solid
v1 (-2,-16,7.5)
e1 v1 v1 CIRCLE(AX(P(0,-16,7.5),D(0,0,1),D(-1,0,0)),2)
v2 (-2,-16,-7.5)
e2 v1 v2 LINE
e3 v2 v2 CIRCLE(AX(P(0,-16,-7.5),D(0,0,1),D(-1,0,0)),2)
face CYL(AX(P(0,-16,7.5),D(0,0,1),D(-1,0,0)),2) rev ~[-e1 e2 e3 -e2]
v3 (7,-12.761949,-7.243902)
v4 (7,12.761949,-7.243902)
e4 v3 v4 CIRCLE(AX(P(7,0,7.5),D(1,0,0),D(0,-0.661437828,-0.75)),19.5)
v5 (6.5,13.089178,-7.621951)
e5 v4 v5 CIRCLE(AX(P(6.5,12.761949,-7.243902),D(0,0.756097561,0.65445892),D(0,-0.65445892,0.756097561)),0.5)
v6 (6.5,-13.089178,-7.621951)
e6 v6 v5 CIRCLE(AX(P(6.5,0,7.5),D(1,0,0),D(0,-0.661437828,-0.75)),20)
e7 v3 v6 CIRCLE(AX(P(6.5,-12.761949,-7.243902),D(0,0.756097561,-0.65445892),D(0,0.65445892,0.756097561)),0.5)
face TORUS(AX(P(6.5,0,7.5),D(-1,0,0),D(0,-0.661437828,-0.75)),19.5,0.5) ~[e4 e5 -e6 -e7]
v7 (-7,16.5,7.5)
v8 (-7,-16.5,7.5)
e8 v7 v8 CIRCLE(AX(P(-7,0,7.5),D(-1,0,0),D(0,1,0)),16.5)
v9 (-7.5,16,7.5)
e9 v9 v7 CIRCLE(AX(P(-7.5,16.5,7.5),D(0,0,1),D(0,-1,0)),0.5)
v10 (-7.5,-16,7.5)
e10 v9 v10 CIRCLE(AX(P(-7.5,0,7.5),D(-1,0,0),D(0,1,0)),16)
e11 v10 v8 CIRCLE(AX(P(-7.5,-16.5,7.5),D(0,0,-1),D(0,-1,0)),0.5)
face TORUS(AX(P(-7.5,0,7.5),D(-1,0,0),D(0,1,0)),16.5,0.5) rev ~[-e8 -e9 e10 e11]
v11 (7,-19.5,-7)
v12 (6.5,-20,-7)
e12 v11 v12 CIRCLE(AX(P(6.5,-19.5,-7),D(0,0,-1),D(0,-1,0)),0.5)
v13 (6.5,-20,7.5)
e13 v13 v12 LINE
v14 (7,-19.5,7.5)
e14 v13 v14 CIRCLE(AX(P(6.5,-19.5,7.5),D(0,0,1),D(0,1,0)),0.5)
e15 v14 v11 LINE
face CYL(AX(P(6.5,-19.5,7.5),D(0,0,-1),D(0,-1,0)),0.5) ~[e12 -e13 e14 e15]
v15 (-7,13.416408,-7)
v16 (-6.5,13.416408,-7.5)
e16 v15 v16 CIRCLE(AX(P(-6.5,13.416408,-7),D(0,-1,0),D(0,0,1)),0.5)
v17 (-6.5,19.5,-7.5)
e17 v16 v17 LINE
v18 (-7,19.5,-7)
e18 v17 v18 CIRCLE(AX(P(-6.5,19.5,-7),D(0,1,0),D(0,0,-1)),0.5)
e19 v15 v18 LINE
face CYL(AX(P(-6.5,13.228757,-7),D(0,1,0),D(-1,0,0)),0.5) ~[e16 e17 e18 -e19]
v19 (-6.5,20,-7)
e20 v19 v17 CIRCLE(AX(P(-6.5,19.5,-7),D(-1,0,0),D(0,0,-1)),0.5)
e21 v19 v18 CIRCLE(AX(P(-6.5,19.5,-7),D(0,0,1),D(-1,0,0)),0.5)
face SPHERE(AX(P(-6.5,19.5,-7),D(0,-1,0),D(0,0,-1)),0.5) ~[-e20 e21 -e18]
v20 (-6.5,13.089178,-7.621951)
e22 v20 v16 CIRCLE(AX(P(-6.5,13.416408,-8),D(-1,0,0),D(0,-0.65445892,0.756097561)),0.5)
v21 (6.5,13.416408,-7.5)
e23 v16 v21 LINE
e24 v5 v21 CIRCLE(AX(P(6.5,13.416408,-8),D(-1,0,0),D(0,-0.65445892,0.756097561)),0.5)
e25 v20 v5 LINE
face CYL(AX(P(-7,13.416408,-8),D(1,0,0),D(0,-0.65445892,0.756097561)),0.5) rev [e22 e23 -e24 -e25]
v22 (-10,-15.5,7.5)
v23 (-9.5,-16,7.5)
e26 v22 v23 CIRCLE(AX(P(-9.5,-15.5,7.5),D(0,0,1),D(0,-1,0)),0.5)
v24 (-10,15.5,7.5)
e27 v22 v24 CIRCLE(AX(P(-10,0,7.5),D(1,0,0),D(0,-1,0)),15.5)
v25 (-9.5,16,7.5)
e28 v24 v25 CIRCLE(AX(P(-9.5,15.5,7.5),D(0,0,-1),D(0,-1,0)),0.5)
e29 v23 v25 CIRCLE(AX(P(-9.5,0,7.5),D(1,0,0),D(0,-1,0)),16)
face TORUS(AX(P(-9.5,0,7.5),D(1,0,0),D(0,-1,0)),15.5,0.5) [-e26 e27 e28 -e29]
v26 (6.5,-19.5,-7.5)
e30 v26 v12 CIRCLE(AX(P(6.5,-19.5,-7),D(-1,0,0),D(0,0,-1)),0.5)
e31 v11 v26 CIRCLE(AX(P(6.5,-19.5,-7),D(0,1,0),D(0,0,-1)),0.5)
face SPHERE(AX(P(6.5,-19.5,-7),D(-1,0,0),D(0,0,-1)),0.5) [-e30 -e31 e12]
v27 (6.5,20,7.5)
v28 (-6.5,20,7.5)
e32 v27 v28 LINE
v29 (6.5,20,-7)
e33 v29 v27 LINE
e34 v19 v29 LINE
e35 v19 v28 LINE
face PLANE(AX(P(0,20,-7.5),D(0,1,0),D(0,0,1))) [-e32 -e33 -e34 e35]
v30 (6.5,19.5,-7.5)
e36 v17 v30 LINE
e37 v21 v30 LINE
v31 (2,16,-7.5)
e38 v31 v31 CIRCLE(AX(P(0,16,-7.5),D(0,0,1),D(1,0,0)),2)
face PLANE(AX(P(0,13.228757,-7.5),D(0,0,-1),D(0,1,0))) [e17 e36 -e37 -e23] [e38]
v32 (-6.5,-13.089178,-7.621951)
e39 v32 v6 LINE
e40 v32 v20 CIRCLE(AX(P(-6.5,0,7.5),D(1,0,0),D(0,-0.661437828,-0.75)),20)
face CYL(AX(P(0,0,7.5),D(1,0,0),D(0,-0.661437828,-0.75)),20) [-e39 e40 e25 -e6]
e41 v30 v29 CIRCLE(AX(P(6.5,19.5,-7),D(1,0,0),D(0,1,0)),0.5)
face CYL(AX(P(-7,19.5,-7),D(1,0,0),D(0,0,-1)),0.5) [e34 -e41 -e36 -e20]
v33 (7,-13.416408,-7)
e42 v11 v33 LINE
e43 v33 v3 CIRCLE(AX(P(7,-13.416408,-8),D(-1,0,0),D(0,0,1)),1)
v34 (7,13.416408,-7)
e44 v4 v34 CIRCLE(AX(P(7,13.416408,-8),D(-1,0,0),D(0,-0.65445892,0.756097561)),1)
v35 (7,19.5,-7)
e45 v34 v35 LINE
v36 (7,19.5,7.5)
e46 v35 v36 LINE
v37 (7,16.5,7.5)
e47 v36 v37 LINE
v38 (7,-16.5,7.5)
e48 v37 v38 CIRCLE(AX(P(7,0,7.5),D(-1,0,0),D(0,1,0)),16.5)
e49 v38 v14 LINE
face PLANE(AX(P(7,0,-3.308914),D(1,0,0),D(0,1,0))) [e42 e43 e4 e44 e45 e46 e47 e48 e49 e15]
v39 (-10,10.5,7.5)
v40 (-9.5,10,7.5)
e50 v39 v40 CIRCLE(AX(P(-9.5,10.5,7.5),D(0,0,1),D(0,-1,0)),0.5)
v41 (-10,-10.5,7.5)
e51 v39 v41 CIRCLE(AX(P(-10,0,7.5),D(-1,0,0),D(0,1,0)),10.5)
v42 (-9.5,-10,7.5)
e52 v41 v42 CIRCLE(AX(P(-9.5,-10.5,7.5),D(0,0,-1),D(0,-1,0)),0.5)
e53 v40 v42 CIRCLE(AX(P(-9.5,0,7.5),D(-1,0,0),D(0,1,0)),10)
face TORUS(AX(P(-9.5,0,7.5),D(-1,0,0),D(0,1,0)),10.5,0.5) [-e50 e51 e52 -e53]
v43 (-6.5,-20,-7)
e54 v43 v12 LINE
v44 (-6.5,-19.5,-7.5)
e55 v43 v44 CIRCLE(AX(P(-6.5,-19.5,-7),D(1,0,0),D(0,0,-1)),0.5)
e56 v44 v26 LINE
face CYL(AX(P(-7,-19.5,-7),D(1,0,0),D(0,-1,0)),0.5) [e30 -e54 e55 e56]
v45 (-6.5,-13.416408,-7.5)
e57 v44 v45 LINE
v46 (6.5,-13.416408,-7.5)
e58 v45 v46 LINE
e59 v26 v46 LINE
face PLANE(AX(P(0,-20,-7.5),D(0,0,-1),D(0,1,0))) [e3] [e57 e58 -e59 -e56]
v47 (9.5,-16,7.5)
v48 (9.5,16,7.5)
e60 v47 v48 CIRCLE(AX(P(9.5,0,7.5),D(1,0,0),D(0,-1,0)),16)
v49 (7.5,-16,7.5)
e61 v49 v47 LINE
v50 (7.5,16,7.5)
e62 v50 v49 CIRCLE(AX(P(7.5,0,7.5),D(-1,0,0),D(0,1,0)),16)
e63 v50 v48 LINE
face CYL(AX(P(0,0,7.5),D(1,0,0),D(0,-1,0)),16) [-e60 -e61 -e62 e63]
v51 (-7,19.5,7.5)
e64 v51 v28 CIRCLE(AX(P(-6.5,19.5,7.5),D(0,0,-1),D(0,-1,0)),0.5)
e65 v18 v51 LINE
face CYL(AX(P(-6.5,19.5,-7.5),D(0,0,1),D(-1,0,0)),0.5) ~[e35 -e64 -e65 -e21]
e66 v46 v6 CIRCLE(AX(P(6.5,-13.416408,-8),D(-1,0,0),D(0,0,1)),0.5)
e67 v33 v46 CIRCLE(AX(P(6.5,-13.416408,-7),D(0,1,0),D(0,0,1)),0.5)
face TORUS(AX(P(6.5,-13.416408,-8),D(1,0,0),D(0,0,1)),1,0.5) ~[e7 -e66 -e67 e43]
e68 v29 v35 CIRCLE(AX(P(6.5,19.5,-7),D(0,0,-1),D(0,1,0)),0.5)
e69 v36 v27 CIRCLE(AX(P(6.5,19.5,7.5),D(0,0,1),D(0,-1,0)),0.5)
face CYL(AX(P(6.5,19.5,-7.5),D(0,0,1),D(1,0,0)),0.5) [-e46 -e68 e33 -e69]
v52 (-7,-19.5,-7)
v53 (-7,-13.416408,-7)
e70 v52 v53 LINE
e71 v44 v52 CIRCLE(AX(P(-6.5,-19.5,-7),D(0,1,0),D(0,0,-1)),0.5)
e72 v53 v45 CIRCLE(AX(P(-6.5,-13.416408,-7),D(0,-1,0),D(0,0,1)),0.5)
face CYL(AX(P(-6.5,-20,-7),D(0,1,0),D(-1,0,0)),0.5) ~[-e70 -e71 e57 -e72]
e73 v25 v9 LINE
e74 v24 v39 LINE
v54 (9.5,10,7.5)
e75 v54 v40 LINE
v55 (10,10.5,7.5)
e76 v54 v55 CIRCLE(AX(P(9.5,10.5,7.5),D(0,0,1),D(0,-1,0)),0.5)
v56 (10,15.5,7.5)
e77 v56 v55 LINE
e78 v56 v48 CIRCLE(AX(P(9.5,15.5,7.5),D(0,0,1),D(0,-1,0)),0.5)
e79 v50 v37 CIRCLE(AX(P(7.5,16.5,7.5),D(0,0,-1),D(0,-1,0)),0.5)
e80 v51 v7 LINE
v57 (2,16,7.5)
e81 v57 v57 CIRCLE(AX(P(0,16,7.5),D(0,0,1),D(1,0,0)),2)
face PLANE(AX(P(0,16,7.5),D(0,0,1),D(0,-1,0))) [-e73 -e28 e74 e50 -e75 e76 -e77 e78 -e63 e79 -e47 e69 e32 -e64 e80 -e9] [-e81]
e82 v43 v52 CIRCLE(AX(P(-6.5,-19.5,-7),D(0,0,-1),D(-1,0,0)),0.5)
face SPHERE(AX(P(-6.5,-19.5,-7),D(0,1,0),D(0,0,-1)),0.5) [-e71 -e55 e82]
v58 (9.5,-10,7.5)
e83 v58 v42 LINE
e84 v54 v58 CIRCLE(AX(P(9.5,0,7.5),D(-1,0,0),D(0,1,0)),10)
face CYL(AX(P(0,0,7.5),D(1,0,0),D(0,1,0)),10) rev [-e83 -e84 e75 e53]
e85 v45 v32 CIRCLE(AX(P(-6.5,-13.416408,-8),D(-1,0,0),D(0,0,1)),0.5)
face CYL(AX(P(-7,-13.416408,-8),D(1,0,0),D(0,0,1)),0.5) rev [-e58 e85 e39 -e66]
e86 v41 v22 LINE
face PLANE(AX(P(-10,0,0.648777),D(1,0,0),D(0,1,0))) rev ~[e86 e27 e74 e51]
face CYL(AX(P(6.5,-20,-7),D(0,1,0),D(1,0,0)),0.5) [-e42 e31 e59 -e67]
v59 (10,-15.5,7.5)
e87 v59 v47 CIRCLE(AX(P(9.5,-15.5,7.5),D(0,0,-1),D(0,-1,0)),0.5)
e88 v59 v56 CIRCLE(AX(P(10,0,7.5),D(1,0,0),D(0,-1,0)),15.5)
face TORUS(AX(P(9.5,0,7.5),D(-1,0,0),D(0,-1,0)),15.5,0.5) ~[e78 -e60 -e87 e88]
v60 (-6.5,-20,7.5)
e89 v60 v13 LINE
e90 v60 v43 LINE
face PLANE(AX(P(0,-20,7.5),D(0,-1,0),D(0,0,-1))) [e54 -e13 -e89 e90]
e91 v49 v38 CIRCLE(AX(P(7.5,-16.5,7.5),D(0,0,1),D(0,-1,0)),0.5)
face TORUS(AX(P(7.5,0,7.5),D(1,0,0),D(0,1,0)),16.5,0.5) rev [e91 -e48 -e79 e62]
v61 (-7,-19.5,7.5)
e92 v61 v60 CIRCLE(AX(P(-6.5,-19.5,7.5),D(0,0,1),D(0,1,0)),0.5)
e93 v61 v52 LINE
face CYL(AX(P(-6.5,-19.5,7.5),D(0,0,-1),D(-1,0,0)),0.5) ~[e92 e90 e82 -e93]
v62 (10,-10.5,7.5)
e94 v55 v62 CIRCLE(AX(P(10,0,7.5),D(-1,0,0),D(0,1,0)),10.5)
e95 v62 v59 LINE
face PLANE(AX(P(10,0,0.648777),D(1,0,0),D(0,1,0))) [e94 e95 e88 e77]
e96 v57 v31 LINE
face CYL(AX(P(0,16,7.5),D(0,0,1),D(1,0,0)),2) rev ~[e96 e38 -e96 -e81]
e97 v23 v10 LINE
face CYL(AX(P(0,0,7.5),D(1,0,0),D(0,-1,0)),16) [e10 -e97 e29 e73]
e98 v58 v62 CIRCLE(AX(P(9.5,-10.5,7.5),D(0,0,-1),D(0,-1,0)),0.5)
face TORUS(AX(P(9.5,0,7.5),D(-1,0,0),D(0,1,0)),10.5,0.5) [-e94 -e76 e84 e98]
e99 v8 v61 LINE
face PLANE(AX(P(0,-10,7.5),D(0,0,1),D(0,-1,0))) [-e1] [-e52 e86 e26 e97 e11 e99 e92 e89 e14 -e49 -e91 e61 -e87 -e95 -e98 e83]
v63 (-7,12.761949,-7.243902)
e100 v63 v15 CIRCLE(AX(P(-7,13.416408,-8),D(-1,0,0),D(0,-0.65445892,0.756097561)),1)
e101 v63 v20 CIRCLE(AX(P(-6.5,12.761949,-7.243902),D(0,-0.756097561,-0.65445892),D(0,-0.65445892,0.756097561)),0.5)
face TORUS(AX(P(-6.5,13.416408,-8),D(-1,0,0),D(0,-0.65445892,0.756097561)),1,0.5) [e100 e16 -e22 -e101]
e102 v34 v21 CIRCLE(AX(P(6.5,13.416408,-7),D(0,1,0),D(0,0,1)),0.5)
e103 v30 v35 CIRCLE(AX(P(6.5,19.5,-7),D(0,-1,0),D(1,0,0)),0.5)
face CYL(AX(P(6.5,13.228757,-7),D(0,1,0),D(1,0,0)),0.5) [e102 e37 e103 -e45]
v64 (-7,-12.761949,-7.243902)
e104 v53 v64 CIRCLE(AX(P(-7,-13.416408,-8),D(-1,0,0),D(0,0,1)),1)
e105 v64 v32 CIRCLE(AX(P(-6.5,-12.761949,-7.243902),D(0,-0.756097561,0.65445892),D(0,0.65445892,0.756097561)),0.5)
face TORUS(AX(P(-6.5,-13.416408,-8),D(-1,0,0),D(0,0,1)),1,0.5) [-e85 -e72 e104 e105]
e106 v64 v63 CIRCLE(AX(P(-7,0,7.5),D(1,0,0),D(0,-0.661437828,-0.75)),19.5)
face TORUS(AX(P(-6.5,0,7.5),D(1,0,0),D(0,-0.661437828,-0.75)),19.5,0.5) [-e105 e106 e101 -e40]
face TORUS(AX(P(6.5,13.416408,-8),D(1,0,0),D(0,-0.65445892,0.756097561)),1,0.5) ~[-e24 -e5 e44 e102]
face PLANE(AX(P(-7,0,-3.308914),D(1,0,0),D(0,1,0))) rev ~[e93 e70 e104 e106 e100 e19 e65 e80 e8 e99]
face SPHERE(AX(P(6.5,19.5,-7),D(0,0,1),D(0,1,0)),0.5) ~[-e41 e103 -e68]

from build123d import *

# Parameters (mm, degrees)
BOSS_EXTRUDE1_DEPTH = 10
BOSS_EXTRUDE2_DEPTH = 7
SKETCH2_R           = 2
CUT_EXTRUDE1_DEPTH  = 15
FILLET1_R           = 0.5


with BuildPart() as part:
    # Sketch1 → Boss-Extrude1 (new, symmetric)
    with BuildSketch(Plane.YZ):
        with BuildLine():
            Line((-10, 7.5), (-16, 7.5))
            ThreePointArc((-16, 7.5), (0, -8.5), (16, 7.5))
            Line((16, 7.5), (10, 7.5))
            ThreePointArc((10, 7.5), (0, -2.5), (-10, 7.5))
        make_face()
    extrude(amount=BOSS_EXTRUDE1_DEPTH, both=True)

    # Sketch1<3> → Boss-Extrude2 (add, symmetric)
    with BuildSketch(Plane.YZ):
        with BuildLine():
            Line((-16, 7.5), (-20, 7.5))
            Line((-20, 7.5), (-20, -7.5))
            Line((-20, -7.5), (-13.228756555, -7.5))
            ThreePointArc((-13.228756555, -7.5), (0, -12.5), (13.228756555, -7.5))
            Line((13.228756555, -7.5), (20, -7.5))
            Line((20, -7.5), (20, 7.5))
            Line((20, 7.5), (16, 7.5))
            ThreePointArc((16, 7.5), (0, -8.5), (-16, 7.5))
        make_face()
    extrude(amount=BOSS_EXTRUDE2_DEPTH, both=True)

    # Sketch2 → Cut-Extrude1 (cut)
    with BuildSketch(Plane.XY.offset(7.5)):
        with Locations((0, 16)):
            Circle(SKETCH2_R)
        with Locations((0, -16)):
            Circle(SKETCH2_R)
    extrude(amount=-CUT_EXTRUDE1_DEPTH, mode=Mode.SUBTRACT)

    # Fillet1
    fillet1_edges = [part.edges().sort_by_distance(p)[0] for p in [
        (-7, 0, -12.5),
        (0, 13.228756555, -7.5),
        (-7, 16.614378278, -7.5),
        (0, -13.228756555, -7.5),
        (7, 0, -12.5),
        (-7, -16.614378278, -7.5),
        (0, 20, -7.5),
        (7, 16.614378278, -7.5),
        (-7, 20, 0),
        (7, -16.614378278, -7.5),
        (0, -20, -7.5),
        (-7, -20, 0),
        (7, 20, 0),
        (7, -20, 0),
        (-7, 0, -8.5),
        (7, 0, -8.5),
        (-10, 0, -8.5),
        (10, 0, -8.5),
        (-10, 0, -2.5),
        (10, 0, -2.5),
    ]]
    fillet(fillet1_edges, radius=FILLET1_R)


solid = part.part
